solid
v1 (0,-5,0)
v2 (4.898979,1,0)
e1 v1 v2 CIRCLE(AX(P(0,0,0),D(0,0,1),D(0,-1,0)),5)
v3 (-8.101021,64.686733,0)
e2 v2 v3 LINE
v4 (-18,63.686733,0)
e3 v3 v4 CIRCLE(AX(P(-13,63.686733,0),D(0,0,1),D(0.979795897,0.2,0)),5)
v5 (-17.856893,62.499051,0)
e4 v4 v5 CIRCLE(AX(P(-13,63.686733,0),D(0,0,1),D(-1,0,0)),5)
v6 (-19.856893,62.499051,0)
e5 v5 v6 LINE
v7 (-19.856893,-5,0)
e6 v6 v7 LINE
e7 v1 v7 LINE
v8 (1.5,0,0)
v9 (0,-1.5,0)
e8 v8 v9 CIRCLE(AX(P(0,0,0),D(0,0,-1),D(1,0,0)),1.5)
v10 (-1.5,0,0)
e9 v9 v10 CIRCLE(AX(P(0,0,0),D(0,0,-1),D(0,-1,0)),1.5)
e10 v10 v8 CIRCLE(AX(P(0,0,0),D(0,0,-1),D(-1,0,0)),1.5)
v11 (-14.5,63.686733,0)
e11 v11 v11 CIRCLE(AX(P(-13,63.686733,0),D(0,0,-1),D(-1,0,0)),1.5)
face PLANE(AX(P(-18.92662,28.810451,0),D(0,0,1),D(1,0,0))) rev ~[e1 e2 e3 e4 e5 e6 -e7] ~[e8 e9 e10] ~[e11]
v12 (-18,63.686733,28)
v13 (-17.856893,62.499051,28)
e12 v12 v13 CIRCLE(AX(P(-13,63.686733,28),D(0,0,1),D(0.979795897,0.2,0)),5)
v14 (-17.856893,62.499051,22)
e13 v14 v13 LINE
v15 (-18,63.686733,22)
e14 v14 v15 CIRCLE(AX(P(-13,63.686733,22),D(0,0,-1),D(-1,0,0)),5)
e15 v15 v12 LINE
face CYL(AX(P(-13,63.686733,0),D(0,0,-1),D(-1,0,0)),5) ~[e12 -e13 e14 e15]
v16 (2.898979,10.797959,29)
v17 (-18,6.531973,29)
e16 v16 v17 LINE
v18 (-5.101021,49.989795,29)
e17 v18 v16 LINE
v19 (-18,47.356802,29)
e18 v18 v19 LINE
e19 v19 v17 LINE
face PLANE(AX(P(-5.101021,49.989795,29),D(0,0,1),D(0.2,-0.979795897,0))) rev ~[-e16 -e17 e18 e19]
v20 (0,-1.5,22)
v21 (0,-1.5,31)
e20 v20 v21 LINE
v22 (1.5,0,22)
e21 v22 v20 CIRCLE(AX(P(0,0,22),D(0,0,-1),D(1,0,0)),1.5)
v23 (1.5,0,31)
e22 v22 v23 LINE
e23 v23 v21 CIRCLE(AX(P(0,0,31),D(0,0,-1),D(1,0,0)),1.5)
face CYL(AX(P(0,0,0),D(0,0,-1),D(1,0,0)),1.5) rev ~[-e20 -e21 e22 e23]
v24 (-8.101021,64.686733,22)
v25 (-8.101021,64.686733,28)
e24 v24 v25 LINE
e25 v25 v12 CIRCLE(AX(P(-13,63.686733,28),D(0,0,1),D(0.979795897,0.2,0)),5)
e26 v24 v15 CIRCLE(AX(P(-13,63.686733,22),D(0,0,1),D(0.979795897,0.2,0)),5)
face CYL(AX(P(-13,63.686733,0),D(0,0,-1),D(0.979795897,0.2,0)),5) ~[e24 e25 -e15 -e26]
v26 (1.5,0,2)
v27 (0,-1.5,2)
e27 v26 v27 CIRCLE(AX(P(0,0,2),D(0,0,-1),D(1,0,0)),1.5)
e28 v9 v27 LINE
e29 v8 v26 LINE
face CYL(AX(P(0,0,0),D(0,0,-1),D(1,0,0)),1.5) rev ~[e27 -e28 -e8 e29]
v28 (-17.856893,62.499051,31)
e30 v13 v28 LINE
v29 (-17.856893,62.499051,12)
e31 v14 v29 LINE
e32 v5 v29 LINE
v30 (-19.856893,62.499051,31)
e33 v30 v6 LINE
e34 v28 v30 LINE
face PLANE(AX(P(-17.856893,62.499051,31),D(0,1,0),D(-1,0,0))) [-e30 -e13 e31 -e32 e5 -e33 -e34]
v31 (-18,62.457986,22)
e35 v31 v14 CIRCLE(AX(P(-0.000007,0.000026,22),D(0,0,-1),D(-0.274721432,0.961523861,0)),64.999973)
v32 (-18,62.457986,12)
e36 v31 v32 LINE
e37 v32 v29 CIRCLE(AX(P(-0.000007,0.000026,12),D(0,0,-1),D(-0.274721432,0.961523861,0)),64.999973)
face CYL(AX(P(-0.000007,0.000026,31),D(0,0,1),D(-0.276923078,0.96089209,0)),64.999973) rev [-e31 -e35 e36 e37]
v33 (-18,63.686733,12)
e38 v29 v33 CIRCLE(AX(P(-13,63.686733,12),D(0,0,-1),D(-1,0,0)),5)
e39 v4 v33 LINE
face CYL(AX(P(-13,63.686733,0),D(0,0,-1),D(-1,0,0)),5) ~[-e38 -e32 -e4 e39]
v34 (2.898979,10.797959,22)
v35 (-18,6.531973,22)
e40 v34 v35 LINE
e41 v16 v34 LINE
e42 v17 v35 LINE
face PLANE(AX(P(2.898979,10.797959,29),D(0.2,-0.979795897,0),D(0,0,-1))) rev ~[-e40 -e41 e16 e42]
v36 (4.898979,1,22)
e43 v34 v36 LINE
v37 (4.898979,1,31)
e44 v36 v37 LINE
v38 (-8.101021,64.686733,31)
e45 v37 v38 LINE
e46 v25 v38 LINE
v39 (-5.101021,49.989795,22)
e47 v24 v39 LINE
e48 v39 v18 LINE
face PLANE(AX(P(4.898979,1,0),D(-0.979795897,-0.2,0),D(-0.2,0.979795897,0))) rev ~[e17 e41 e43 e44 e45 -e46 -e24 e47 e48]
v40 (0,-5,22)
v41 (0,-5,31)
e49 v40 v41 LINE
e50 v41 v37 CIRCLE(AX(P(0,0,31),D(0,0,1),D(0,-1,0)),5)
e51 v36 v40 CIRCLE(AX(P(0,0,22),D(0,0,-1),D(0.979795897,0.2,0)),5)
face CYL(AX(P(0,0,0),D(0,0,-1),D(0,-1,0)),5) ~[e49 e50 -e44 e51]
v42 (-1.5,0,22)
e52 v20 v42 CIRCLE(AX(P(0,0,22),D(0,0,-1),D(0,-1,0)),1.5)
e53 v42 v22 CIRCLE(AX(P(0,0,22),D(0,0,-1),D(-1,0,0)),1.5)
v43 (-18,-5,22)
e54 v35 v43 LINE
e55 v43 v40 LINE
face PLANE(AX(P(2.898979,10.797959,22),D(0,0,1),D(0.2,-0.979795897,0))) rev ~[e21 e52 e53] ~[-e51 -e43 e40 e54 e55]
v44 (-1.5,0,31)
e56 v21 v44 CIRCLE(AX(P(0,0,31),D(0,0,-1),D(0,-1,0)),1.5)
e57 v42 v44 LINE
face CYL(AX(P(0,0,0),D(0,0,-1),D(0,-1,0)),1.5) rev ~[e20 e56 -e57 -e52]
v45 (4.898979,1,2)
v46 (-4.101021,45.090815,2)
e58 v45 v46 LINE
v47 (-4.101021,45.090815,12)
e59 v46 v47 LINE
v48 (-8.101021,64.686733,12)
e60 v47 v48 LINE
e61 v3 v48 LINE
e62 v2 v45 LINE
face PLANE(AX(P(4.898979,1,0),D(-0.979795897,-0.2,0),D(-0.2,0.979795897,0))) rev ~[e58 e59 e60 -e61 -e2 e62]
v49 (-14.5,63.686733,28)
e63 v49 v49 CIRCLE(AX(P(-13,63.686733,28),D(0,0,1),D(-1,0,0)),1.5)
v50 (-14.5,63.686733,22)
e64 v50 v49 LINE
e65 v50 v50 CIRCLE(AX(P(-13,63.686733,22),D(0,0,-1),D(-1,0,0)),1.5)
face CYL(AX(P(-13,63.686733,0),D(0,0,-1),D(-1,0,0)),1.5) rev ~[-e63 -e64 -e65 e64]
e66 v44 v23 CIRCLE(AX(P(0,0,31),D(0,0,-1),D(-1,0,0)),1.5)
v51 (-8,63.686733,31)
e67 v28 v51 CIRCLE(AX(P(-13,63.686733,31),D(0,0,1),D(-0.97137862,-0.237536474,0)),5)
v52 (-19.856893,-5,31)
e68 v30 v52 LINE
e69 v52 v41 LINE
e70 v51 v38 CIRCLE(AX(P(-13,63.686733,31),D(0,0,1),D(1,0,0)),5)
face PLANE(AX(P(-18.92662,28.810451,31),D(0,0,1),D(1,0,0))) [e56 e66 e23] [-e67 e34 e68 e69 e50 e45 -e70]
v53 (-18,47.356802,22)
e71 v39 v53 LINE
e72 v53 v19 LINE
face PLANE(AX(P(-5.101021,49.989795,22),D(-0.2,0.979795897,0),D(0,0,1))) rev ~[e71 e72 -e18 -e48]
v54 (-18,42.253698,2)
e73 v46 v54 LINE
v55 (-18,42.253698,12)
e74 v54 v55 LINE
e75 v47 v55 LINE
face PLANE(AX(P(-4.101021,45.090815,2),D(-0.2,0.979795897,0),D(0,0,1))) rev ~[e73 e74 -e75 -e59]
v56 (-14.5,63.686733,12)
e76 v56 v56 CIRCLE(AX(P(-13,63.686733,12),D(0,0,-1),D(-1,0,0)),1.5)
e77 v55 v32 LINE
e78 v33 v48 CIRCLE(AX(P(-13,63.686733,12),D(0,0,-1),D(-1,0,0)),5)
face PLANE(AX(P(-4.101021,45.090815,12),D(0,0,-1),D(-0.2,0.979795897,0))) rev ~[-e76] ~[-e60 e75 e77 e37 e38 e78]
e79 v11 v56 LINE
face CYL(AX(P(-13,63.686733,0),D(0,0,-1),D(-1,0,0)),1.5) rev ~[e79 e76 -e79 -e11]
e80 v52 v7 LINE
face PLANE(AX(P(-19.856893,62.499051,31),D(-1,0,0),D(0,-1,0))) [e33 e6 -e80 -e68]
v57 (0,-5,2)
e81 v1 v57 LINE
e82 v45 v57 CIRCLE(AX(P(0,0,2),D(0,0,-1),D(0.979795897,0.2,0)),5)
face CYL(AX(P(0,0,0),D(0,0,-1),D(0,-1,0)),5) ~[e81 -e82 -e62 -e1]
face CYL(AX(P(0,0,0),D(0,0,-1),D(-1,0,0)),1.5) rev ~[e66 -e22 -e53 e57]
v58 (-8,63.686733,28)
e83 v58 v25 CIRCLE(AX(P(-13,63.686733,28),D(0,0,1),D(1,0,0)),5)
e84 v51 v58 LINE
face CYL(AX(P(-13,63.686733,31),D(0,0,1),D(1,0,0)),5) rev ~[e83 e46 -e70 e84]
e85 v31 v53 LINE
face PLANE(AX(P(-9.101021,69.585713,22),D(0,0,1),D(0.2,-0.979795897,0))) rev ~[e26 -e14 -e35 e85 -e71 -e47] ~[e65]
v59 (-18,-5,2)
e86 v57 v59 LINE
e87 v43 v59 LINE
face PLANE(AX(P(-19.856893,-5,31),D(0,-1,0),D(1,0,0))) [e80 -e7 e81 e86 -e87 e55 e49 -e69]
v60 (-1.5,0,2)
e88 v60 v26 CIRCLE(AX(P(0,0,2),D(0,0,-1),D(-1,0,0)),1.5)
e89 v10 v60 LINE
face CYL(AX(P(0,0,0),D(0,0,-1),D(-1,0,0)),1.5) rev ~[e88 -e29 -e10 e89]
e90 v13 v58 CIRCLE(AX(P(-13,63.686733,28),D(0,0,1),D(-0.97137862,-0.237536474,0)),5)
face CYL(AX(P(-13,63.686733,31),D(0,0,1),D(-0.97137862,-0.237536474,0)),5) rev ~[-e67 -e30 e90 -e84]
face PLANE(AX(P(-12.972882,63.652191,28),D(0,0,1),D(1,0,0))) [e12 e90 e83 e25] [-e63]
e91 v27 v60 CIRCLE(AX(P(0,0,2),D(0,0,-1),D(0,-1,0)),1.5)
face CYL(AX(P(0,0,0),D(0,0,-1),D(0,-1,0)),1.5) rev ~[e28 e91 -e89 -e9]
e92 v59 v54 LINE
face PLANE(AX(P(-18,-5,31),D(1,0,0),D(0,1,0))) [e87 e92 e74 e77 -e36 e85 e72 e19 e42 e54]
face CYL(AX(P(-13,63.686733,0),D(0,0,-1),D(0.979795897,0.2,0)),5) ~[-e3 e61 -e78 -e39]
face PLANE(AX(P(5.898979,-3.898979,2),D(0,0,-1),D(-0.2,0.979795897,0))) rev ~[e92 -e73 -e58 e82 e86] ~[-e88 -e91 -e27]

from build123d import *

# Parameters (mm, degrees)
F1_DEPTH = 31
F2_W     = 5
F2_H     = 10
F2_H_2   = 20
F3_DEPTH = 25
F5_DEPTH = 31
F6_R     = 1.5
F7_DEPTH = 3


with BuildPart() as f1:
    # F0 (on Top) → F1 (new body)
    with BuildSketch(Plane.XY):
        with BuildLine():
            Line((-18, -5), (0, -5))
            ThreePointArc((0, -5), (3.8729833462, -3.1622776602), (4.8989794856, 1))
            Line((4.8989794856, 1), (-8.1010205144, 64.6867333124))
            ThreePointArc((-8.1010205144, 64.6867333124), (-13.50254481, 68.6614140774), (-18, 63.6867333124))
            ThreePointArc((-18, 63.6867333124), (-17.9640943536, 63.0885968324), (-17.8568931005, 62.4990509432))
            ThreePointArc((-17.8568931005, 62.4990509432), (-17.9284583077, 62.4785593841), (-18, 62.4579858785))
            Line((-18, 62.4579858785), (-18, -5))
        make_face()
        with BuildLine():
            ThreePointArc((-1.5, 0), (0, 1.5), (1.5, 0))
            ThreePointArc((1.5, 0), (1.0606601718, -1.0606601718), (0, -1.5))
            ThreePointArc((0, -1.5), (-1.0606601718, -1.0606601718), (-1.5, 0))
        make_face(mode=Mode.SUBTRACT)
        with BuildLine():
            ThreePointArc((-11.5, 63.6867333124), (-13, 62.1867333124), (-14.5, 63.6867333124))
            ThreePointArc((-14.5, 63.6867333124), (-13, 65.1867333124), (-11.5, 63.6867333124))
        make_face(mode=Mode.SUBTRACT)
    extrude(amount=F1_DEPTH)

    # F2 (on face) → F3 (cut)
    with BuildSketch(Plane(origin=(4.8989794856, 1, 0), x_dir=(-0.2, 0.9797958971, 0), z_dir=(0.9797958971, 0.2, 0))):
        Polygon((0, 22), (0, 2), (45, 2), (45, 12), (65, 12), (65, 22), (50, 22), (50, 29), (10, 29), (10, 22), align=None)
        with Locations((67.5, 17)):
            Rectangle(F2_W, F2_H)
        with Locations((-2.5, 12)):
            Rectangle(F2_W, F2_H_2)
    extrude(amount=-F3_DEPTH, mode=Mode.SUBTRACT)

    # F4 (on face) → F5 (join)
    with BuildSketch(Plane.XY.offset(31)):
        with BuildLine():
            ThreePointArc((-18, 62.4579858785), (-17.9284583077, 62.4785593841), (-17.8568931005, 62.4990509432))
            Line((-17.8568931005, 62.4990509432), (-19.8568931005, 62.4990509432))
            Line((-19.8568931005, 62.4990509432), (-19.8568931005, -5))
            Line((-19.8568931005, -5), (-18, -5))
            Line((-18, -5), (-18, 62.4579858785))
        make_face()
    extrude(amount=-F5_DEPTH)

    # F6 (on face) → F7 (cut)
    with BuildSketch(Plane.XY.offset(31)):
        with BuildLine():
            ThreePointArc((-8, 63.6867333124), (-8.025319235, 64.1892781224), (-8.1010205144, 64.6867333124))
            ThreePointArc((-8.1010205144, 64.6867333124), (-14.0940435791, 68.5655721749), (-17.8568931005, 62.4990509432))
            ThreePointArc((-17.8568931005, 62.4990509432), (-12.40186352, 58.7226389588), (-8, 63.6867333124))
        make_face()
        with Locations((-13, 63.6867333124)):
            Circle(F6_R, mode=Mode.SUBTRACT)
    extrude(amount=-F7_DEPTH, mode=Mode.SUBTRACT)


solid = f1.part
